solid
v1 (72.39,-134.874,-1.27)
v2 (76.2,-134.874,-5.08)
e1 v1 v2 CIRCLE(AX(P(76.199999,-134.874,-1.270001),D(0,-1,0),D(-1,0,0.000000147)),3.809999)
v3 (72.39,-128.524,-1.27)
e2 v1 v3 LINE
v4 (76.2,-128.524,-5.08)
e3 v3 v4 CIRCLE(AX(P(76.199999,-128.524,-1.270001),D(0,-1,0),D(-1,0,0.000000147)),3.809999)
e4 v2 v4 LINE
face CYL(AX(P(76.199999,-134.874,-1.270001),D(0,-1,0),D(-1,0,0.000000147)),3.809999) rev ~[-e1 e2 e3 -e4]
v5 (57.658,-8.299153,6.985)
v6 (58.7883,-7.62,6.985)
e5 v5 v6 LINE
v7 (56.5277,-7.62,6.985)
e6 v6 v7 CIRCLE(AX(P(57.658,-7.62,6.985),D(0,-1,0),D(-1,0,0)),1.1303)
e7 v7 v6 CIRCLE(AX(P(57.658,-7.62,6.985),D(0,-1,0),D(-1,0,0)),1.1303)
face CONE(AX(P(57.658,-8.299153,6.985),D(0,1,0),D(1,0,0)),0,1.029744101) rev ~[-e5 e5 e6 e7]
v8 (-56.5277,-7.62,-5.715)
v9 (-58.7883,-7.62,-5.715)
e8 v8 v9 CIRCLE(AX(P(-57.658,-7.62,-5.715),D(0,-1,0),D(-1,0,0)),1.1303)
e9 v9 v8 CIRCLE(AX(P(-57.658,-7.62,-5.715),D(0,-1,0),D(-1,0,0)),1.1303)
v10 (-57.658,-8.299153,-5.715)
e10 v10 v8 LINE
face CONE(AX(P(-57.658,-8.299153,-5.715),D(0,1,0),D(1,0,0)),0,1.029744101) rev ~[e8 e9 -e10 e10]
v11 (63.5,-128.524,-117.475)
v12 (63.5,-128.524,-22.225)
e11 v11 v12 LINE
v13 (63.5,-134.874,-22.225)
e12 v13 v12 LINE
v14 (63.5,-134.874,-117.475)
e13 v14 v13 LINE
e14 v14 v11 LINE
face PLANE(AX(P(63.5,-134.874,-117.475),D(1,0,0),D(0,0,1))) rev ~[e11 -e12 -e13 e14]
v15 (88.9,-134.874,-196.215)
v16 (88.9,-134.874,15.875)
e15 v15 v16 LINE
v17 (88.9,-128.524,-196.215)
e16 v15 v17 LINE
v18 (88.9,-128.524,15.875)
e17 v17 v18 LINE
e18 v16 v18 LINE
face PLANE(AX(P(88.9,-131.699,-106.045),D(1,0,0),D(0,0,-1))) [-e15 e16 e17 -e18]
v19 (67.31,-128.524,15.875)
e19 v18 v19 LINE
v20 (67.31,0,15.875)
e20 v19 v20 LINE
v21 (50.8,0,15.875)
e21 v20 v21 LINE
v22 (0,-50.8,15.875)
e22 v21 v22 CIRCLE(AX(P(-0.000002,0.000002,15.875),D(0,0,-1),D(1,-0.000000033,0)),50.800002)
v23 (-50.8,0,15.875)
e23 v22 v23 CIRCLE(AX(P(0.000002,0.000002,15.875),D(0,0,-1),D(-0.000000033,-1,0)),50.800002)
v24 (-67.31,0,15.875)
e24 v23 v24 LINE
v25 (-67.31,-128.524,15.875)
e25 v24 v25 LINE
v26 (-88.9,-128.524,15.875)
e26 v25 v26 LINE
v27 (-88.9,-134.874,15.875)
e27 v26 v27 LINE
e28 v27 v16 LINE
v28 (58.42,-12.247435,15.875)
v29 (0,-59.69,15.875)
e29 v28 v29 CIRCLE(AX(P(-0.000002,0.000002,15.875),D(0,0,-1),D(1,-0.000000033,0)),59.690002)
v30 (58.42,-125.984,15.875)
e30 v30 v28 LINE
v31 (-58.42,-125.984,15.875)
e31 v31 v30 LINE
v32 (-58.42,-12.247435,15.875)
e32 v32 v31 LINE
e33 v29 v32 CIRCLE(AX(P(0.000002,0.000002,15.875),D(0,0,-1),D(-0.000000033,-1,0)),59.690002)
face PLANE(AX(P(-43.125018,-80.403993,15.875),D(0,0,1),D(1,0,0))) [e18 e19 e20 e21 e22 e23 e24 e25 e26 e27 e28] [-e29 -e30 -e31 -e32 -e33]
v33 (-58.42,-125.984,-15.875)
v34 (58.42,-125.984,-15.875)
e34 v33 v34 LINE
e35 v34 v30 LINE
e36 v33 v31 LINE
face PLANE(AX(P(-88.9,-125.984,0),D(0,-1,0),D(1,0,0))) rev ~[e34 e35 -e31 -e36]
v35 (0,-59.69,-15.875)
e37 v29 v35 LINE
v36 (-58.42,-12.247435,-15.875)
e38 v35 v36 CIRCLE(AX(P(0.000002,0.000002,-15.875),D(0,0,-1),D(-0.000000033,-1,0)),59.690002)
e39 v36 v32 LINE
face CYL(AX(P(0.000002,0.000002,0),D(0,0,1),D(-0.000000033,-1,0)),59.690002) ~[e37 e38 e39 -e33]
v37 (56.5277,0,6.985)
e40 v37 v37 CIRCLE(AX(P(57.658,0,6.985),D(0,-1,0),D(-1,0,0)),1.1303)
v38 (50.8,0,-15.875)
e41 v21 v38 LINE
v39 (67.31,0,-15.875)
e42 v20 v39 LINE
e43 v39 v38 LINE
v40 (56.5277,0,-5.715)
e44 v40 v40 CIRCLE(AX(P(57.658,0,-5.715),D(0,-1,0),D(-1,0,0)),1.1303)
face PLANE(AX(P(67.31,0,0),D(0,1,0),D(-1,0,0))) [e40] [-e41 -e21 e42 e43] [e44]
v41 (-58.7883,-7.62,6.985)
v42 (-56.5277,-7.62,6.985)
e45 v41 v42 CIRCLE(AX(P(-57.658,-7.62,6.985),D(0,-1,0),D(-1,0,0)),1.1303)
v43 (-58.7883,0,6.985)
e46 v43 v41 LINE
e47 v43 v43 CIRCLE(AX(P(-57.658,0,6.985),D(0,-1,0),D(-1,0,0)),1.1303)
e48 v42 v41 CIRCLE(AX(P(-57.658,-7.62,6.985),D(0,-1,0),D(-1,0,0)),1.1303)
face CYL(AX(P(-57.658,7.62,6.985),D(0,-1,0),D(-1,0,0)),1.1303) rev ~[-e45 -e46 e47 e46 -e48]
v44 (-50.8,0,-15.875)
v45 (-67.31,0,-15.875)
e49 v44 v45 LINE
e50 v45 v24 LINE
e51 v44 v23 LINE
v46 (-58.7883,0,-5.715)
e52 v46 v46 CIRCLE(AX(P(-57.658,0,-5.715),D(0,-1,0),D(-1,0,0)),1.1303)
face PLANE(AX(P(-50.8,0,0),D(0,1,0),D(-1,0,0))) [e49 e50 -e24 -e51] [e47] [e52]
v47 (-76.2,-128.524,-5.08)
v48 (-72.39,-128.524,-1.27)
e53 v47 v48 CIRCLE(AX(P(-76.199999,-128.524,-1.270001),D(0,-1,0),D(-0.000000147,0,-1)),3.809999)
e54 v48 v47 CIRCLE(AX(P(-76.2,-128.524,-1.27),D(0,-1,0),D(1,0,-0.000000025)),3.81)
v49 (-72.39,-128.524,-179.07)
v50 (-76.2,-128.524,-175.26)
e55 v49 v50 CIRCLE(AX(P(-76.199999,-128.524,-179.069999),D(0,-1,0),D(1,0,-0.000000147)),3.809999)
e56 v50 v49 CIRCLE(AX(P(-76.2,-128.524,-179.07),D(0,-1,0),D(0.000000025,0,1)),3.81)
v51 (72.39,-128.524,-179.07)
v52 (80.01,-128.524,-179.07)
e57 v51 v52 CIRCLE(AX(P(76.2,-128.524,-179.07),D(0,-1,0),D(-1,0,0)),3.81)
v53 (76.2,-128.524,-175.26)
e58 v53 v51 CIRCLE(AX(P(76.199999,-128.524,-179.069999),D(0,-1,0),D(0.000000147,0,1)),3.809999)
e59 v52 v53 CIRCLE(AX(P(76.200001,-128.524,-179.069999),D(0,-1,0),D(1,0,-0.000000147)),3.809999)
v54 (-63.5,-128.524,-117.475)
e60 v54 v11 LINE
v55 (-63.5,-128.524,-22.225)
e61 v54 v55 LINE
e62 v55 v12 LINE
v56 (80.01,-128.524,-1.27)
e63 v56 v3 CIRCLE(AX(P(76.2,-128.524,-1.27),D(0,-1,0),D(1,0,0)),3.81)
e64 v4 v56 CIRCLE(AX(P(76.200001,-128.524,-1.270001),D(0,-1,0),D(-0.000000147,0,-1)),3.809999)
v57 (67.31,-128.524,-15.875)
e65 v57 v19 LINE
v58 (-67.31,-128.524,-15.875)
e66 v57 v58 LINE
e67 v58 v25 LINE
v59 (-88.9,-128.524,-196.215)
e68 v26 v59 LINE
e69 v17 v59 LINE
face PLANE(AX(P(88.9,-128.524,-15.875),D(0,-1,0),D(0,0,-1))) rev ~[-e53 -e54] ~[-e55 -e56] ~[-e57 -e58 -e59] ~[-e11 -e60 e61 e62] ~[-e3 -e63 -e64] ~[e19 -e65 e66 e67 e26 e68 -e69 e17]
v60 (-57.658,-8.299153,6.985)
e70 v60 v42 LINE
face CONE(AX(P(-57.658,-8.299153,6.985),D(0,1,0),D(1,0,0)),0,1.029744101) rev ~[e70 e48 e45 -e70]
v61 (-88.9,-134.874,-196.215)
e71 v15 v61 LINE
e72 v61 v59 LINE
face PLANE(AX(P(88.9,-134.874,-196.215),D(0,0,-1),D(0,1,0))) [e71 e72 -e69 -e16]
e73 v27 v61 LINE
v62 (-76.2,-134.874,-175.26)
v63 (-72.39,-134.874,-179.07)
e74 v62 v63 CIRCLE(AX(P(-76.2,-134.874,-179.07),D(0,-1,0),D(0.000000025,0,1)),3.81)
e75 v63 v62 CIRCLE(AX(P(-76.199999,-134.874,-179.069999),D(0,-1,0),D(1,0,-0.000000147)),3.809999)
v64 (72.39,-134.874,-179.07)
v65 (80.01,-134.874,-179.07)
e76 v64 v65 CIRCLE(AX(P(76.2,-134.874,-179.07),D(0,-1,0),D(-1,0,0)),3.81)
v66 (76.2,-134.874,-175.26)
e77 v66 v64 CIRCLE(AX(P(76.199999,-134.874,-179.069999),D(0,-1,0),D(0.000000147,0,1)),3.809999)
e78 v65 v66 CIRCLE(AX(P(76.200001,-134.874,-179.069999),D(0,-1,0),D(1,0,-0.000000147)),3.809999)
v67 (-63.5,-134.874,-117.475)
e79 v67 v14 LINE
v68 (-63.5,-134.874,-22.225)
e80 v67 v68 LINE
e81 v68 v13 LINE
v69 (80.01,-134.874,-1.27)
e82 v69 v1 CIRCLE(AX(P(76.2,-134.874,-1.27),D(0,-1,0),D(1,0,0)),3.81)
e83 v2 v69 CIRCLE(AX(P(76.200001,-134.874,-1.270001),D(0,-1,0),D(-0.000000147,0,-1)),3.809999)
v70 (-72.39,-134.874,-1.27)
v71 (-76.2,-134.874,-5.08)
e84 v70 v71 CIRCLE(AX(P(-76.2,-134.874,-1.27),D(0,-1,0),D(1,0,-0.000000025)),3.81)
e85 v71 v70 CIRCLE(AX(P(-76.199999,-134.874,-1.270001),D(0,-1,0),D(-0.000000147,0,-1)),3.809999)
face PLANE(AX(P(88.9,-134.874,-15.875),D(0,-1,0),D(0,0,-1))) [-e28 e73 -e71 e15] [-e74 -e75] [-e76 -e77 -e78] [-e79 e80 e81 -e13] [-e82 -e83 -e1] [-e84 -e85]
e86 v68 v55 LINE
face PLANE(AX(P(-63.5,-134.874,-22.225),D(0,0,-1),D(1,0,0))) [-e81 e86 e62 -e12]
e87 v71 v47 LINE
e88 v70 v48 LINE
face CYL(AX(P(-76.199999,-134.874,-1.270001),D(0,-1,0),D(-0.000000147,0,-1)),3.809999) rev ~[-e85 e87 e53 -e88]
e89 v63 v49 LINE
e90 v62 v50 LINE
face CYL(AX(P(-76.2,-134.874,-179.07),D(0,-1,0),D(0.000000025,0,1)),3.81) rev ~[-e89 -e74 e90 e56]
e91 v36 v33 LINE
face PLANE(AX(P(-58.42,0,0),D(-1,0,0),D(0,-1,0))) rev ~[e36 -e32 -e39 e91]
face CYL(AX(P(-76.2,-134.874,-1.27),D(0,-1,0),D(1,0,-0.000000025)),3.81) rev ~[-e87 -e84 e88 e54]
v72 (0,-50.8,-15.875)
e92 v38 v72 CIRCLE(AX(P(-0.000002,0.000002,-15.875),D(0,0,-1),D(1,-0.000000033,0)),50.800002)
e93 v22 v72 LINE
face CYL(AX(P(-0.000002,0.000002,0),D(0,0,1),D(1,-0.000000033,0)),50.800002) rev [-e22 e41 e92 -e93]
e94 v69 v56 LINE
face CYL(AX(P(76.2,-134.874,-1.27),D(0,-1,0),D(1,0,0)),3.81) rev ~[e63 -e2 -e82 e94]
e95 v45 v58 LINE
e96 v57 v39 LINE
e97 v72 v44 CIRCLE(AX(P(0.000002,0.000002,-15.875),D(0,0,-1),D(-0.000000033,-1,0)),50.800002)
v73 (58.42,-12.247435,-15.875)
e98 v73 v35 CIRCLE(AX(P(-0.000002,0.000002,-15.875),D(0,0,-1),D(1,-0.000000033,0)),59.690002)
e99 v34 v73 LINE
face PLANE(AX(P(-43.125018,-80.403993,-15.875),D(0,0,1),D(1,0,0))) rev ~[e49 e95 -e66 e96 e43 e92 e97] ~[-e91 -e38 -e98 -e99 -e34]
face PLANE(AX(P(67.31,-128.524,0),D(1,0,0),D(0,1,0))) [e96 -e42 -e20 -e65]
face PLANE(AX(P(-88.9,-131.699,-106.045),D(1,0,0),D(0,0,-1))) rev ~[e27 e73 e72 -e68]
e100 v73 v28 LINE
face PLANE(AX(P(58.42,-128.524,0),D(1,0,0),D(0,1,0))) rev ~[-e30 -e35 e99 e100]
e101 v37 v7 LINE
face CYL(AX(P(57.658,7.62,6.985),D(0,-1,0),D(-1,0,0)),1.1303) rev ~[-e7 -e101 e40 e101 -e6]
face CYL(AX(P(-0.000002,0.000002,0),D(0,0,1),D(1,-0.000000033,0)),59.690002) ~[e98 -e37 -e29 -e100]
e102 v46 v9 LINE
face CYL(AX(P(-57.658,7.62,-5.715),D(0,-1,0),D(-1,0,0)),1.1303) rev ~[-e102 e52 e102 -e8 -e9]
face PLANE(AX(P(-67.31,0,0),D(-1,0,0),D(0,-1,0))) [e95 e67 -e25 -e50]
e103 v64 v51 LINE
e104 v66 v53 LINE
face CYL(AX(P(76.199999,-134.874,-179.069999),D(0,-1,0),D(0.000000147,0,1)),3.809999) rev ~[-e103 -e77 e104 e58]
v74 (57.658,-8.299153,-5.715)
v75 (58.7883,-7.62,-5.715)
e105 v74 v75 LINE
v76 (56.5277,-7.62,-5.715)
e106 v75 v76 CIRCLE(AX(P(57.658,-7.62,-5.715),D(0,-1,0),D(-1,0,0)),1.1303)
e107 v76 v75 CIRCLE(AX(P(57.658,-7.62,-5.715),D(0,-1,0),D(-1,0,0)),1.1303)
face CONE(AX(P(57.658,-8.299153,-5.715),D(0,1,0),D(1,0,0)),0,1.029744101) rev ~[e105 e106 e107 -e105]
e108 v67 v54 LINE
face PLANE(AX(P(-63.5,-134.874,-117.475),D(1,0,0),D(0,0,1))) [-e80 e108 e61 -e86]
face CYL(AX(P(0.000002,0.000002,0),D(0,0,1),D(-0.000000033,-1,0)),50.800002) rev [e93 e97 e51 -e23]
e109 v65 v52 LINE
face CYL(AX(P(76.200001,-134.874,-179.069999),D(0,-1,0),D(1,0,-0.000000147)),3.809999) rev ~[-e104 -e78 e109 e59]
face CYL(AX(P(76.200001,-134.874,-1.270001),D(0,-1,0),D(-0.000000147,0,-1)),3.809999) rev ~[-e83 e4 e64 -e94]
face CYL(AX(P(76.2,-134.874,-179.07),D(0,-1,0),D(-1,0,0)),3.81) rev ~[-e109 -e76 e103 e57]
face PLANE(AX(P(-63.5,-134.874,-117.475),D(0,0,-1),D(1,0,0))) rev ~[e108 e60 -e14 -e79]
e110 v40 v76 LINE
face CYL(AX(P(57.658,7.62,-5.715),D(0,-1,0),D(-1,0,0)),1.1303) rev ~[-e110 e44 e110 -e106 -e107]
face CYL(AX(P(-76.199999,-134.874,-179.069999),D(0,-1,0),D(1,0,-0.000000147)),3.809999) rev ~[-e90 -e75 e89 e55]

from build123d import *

# Parameters (mm, degrees)
BOSS_EXTRUDE1_DEPTH       = 15.875
SHELL1_T                  = -8.89
F_4_40_TAPPED_HOLE1_D     = 2.2606
F_4_40_TAPPED_HOLE1_DEPTH = 7.62
F_4_40_TAPPED_HOLE1_TIP   = 0.679153
SKETCH6_W                 = 180.34
SKETCH6_H                 = 6.35
BOSS_EXTRUDE2_DEPTH       = 177.8
SKETCH7_W                 = 127
SKETCH7_H                 = 95.25
CUT_EXTRUDE2_DEPTH        = 7.62
CUT_EXTRUDE3_REACH        = 256.155


with BuildPart() as part:
    # Sketch1 → Boss-Extrude1 (new, symmetric)
    with BuildSketch(Plane.XY):
        with BuildLine():
            ThreePointArc((0, -50.8), (-35.921024, -35.921024), (-50.8, 0))
            Line((-50.8, 0), (-67.31, 0))
            Line((-67.31, 0), (-67.31, -128.524))
            Line((-67.31, -128.524), (-88.9, -128.524))
            Line((-88.9, -128.524), (-88.9, -134.874))
            Line((-88.9, -134.874), (0, -134.874))
            Line((0, -134.874), (0, -50.8))
        make_face()
        with BuildLine():
            ThreePointArc((50.8, 0), (35.921024, -35.921024), (0, -50.8))
            Line((0, -50.8), (0, -134.874))
            Line((0, -134.874), (88.9, -134.874))
            Line((88.9, -134.874), (88.9, -128.524))
            Line((88.9, -128.524), (67.31, -128.524))
            Line((67.31, -128.524), (67.31, 0))
            Line((67.31, 0), (50.8, 0))
        make_face()
    extrude(amount=BOSS_EXTRUDE1_DEPTH, both=True)

    # Shell1
    shell1_openings = [part.faces().sort_by_distance(p)[0] for p in [
        (0, -81.597488, 15.875),
        (0, -81.597488, -15.875),
    ]]
    offset(amount=SHELL1_T, openings=shell1_openings)

    # #4-40 Tapped Hole1
    with Locations(Plane(origin=(0, 0, 0), x_dir=(1, 0, 0), z_dir=(0, 1, 0))):
        with Locations((-57.658, 5.715), (-57.658, -6.985), (57.658, -6.985), (57.658, 5.715)):
            Hole(F_4_40_TAPPED_HOLE1_D / 2, depth=F_4_40_TAPPED_HOLE1_DEPTH)
            with Locations((0, 0, -(F_4_40_TAPPED_HOLE1_DEPTH + F_4_40_TAPPED_HOLE1_TIP / 2))):  # 118° drill point
                Cone(0, F_4_40_TAPPED_HOLE1_D / 2, F_4_40_TAPPED_HOLE1_TIP, mode=Mode.SUBTRACT)

    # Sketch6 → Boss-Extrude2 (add)
    with BuildSketch(Plane(origin=(88.9, 0, 0), x_dir=(0, 0, -1), z_dir=(1, 0, 0))):
        with Locations((106.045, -131.699)):
            Rectangle(SKETCH6_W, SKETCH6_H)
    extrude(amount=-BOSS_EXTRUDE2_DEPTH)

    # Sketch7 → Cut-Extrude2 (cut)
    with BuildSketch(Plane.XZ.offset(134.874)):
        with Locations((0, -69.85)):
            Rectangle(SKETCH7_W, SKETCH7_H)
    extrude(amount=-CUT_EXTRUDE2_DEPTH, mode=Mode.SUBTRACT)

    # Sketch8 → Cut-Extrude3 (cut, up to next)
    with BuildSketch(Plane.XZ.offset(134.874), mode=Mode.PRIVATE) as cut_extrude3_sk1:
        with BuildLine():
            ThreePointArc((72.39, -1.27), (73.505923, -3.964077), (76.2, -5.08))
            Line((76.2, -5.08), (76.2, -1.27))
            Line((76.2, -1.27), (72.39, -1.27))
        make_face()
    cut_extrude3_tool1 = extrude(cut_extrude3_sk1.sketch, amount=-CUT_EXTRUDE3_REACH, mode=Mode.PRIVATE) & part.part
    # Sketch8 → Cut-Extrude3 (cut, up to next)
    with BuildSketch(Plane.XZ.offset(134.874), mode=Mode.PRIVATE) as cut_extrude3_sk2:
        with BuildLine():
            Line((76.2, -1.27), (76.2, -5.08))
            ThreePointArc((76.2, -5.08), (78.894077, -3.964077), (80.01, -1.27))
            ThreePointArc((80.01, -1.27), (76.2, 2.54), (72.39, -1.27))
            Line((72.39, -1.27), (76.2, -1.27))
        make_face()
    cut_extrude3_tool2 = extrude(cut_extrude3_sk2.sketch, amount=-CUT_EXTRUDE3_REACH, mode=Mode.PRIVATE) & part.part
    # Sketch8 → Cut-Extrude3 (cut, up to next)
    with BuildSketch(Plane.XZ.offset(134.874), mode=Mode.PRIVATE) as cut_extrude3_sk3:
        with BuildLine():
            ThreePointArc((72.39, -1.27), (73.505923, -3.964077), (76.2, -5.08))
            Line((76.2, -5.08), (76.2, -1.27))
            Line((76.2, -1.27), (72.39, -1.27))
        make_face()
    cut_extrude3_tool3 = extrude(cut_extrude3_sk3.sketch, amount=-CUT_EXTRUDE3_REACH, mode=Mode.PRIVATE) & part.part
    # Sketch8 → Cut-Extrude3 (cut, up to next)
    with BuildSketch(Plane.XZ.offset(134.874), mode=Mode.PRIVATE) as cut_extrude3_sk4:
        with BuildLine():
            Line((76.2, -1.27), (76.2, -5.08))
            ThreePointArc((76.2, -5.08), (78.894077, -3.964077), (80.01, -1.27))
            ThreePointArc((80.01, -1.27), (76.2, 2.54), (72.39, -1.27))
            Line((72.39, -1.27), (76.2, -1.27))
        make_face()
    cut_extrude3_tool4 = extrude(cut_extrude3_sk4.sketch, amount=-CUT_EXTRUDE3_REACH, mode=Mode.PRIVATE) & part.part
    # Sketch8 → Cut-Extrude3 (cut, up to next)
    with BuildSketch(Plane.XZ.offset(134.874), mode=Mode.PRIVATE) as cut_extrude3_sk5:
        with BuildLine():
            ThreePointArc((-72.39, -1.27), (-78.894077, 1.424077), (-76.2, -5.08))
            Line((-76.2, -5.08), (-76.2, -1.27))
            Line((-76.2, -1.27), (-72.39, -1.27))
        make_face()
    cut_extrude3_tool5 = extrude(cut_extrude3_sk5.sketch, amount=-CUT_EXTRUDE3_REACH, mode=Mode.PRIVATE) & part.part
    # Sketch8 → Cut-Extrude3 (cut, up to next)
    with BuildSketch(Plane.XZ.offset(134.874), mode=Mode.PRIVATE) as cut_extrude3_sk6:
        with BuildLine():
            Line((-76.2, -1.27), (-76.2, -5.08))
            ThreePointArc((-76.2, -5.08), (-73.505923, -3.964077), (-72.39, -1.27))
            Line((-72.39, -1.27), (-76.2, -1.27))
        make_face()
    cut_extrude3_tool6 = extrude(cut_extrude3_sk6.sketch, amount=-CUT_EXTRUDE3_REACH, mode=Mode.PRIVATE) & part.part
    # Sketch8 → Cut-Extrude3 (cut, up to next)
    with BuildSketch(Plane.XZ.offset(134.874), mode=Mode.PRIVATE) as cut_extrude3_sk7:
        with BuildLine():
            ThreePointArc((-72.39, -1.27), (-78.894077, 1.424077), (-76.2, -5.08))
            Line((-76.2, -5.08), (-76.2, -1.27))
            Line((-76.2, -1.27), (-72.39, -1.27))
        make_face()
    cut_extrude3_tool7 = extrude(cut_extrude3_sk7.sketch, amount=-CUT_EXTRUDE3_REACH, mode=Mode.PRIVATE) & part.part
    # Sketch8 → Cut-Extrude3 (cut, up to next)
    with BuildSketch(Plane.XZ.offset(134.874), mode=Mode.PRIVATE) as cut_extrude3_sk8:
        with BuildLine():
            Line((-76.2, -1.27), (-76.2, -5.08))
            ThreePointArc((-76.2, -5.08), (-73.505923, -3.964077), (-72.39, -1.27))
            Line((-72.39, -1.27), (-76.2, -1.27))
        make_face()
    cut_extrude3_tool8 = extrude(cut_extrude3_sk8.sketch, amount=-CUT_EXTRUDE3_REACH, mode=Mode.PRIVATE) & part.part
    # Sketch8 → Cut-Extrude3 (cut, up to next)
    with BuildSketch(Plane.XZ.offset(134.874), mode=Mode.PRIVATE) as cut_extrude3_sk9:
        with BuildLine():
            ThreePointArc((-76.2, -175.26), (-78.894077, -181.764077), (-72.39, -179.07))
            Line((-72.39, -179.07), (-76.2, -179.07))
            Line((-76.2, -179.07), (-76.2, -175.26))
        make_face()
    cut_extrude3_tool9 = extrude(cut_extrude3_sk9.sketch, amount=-CUT_EXTRUDE3_REACH, mode=Mode.PRIVATE) & part.part
    # Sketch8 → Cut-Extrude3 (cut, up to next)
    with BuildSketch(Plane.XZ.offset(134.874), mode=Mode.PRIVATE) as cut_extrude3_sk10:
        with BuildLine():
            Line((-76.2, -179.07), (-72.39, -179.07))
            ThreePointArc((-72.39, -179.07), (-73.505923, -176.375923), (-76.2, -175.26))
            Line((-76.2, -175.26), (-76.2, -179.07))
        make_face()
    cut_extrude3_tool10 = extrude(cut_extrude3_sk10.sketch, amount=-CUT_EXTRUDE3_REACH, mode=Mode.PRIVATE) & part.part
    # Sketch8 → Cut-Extrude3 (cut, up to next)
    with BuildSketch(Plane.XZ.offset(134.874), mode=Mode.PRIVATE) as cut_extrude3_sk11:
        with BuildLine():
            ThreePointArc((-76.2, -175.26), (-78.894077, -181.764077), (-72.39, -179.07))
            Line((-72.39, -179.07), (-76.2, -179.07))
            Line((-76.2, -179.07), (-76.2, -175.26))
        make_face()
    cut_extrude3_tool11 = extrude(cut_extrude3_sk11.sketch, amount=-CUT_EXTRUDE3_REACH, mode=Mode.PRIVATE) & part.part
    # Sketch8 → Cut-Extrude3 (cut, up to next)
    with BuildSketch(Plane.XZ.offset(134.874), mode=Mode.PRIVATE) as cut_extrude3_sk12:
        with BuildLine():
            Line((-76.2, -179.07), (-72.39, -179.07))
            ThreePointArc((-72.39, -179.07), (-73.505923, -176.375923), (-76.2, -175.26))
            Line((-76.2, -175.26), (-76.2, -179.07))
        make_face()
    cut_extrude3_tool12 = extrude(cut_extrude3_sk12.sketch, amount=-CUT_EXTRUDE3_REACH, mode=Mode.PRIVATE) & part.part
    # Sketch8 → Cut-Extrude3 (cut, up to next)
    with BuildSketch(Plane.XZ.offset(134.874), mode=Mode.PRIVATE) as cut_extrude3_sk13:
        with BuildLine():
            ThreePointArc((76.2, -175.26), (73.505923, -176.375923), (72.39, -179.07))
            Line((72.39, -179.07), (76.2, -179.07))
            Line((76.2, -179.07), (76.2, -175.26))
        make_face()
    cut_extrude3_tool13 = extrude(cut_extrude3_sk13.sketch, amount=-CUT_EXTRUDE3_REACH, mode=Mode.PRIVATE) & part.part
    # Sketch8 → Cut-Extrude3 (cut, up to next)
    with BuildSketch(Plane.XZ.offset(134.874), mode=Mode.PRIVATE) as cut_extrude3_sk14:
        with BuildLine():
            Line((76.2, -179.07), (72.39, -179.07))
            ThreePointArc((72.39, -179.07), (76.2, -182.88), (80.01, -179.07))
            ThreePointArc((80.01, -179.07), (78.894077, -176.375923), (76.2, -175.26))
            Line((76.2, -175.26), (76.2, -179.07))
        make_face()
    cut_extrude3_tool14 = extrude(cut_extrude3_sk14.sketch, amount=-CUT_EXTRUDE3_REACH, mode=Mode.PRIVATE) & part.part
    # Sketch8 → Cut-Extrude3 (cut, up to next)
    with BuildSketch(Plane.XZ.offset(134.874), mode=Mode.PRIVATE) as cut_extrude3_sk15:
        with BuildLine():
            ThreePointArc((76.2, -175.26), (73.505923, -176.375923), (72.39, -179.07))
            Line((72.39, -179.07), (76.2, -179.07))
            Line((76.2, -179.07), (76.2, -175.26))
        make_face()
    cut_extrude3_tool15 = extrude(cut_extrude3_sk15.sketch, amount=-CUT_EXTRUDE3_REACH, mode=Mode.PRIVATE) & part.part
    # Sketch8 → Cut-Extrude3 (cut, up to next)
    with BuildSketch(Plane.XZ.offset(134.874), mode=Mode.PRIVATE) as cut_extrude3_sk16:
        with BuildLine():
            Line((76.2, -179.07), (72.39, -179.07))
            ThreePointArc((72.39, -179.07), (76.2, -182.88), (80.01, -179.07))
            ThreePointArc((80.01, -179.07), (78.894077, -176.375923), (76.2, -175.26))
            Line((76.2, -175.26), (76.2, -179.07))
        make_face()
    cut_extrude3_tool16 = extrude(cut_extrude3_sk16.sketch, amount=-CUT_EXTRUDE3_REACH, mode=Mode.PRIVATE) & part.part
    add(cut_extrude3_tool1.solids().sort_by_distance((74.582986, -134.874, -2.887014))[0], mode=Mode.SUBTRACT)
    add(cut_extrude3_tool2.solids().sort_by_distance((76.739005, -134.874, -0.730995))[0], mode=Mode.SUBTRACT)
    add(cut_extrude3_tool3.solids().sort_by_distance((74.582986, -134.874, -2.887014))[0], mode=Mode.SUBTRACT)
    add(cut_extrude3_tool4.solids().sort_by_distance((76.739005, -134.874, -0.730995))[0], mode=Mode.SUBTRACT)
    add(cut_extrude3_tool5.solids().sort_by_distance((-76.739005, -134.874, -0.730995))[0], mode=Mode.SUBTRACT)
    add(cut_extrude3_tool6.solids().sort_by_distance((-74.582986, -134.874, -2.887014))[0], mode=Mode.SUBTRACT)
    add(cut_extrude3_tool7.solids().sort_by_distance((-76.739005, -134.874, -0.730995))[0], mode=Mode.SUBTRACT)
    add(cut_extrude3_tool8.solids().sort_by_distance((-74.582986, -134.874, -2.887014))[0], mode=Mode.SUBTRACT)
    add(cut_extrude3_tool9.solids().sort_by_distance((-76.739005, -134.874, -179.609005))[0], mode=Mode.SUBTRACT)
    add(cut_extrude3_tool10.solids().sort_by_distance((-74.582986, -134.874, -177.452986))[0], mode=Mode.SUBTRACT)
    add(cut_extrude3_tool11.solids().sort_by_distance((-76.739005, -134.874, -179.609005))[0], mode=Mode.SUBTRACT)
    add(cut_extrude3_tool12.solids().sort_by_distance((-74.582986, -134.874, -177.452986))[0], mode=Mode.SUBTRACT)
    add(cut_extrude3_tool13.solids().sort_by_distance((74.582986, -134.874, -177.452986))[0], mode=Mode.SUBTRACT)
    add(cut_extrude3_tool14.solids().sort_by_distance((76.739005, -134.874, -179.609005))[0], mode=Mode.SUBTRACT)
    add(cut_extrude3_tool15.solids().sort_by_distance((74.582986, -134.874, -177.452986))[0], mode=Mode.SUBTRACT)
    add(cut_extrude3_tool16.solids().sort_by_distance((76.739005, -134.874, -179.609005))[0], mode=Mode.SUBTRACT)


solid = part.part
